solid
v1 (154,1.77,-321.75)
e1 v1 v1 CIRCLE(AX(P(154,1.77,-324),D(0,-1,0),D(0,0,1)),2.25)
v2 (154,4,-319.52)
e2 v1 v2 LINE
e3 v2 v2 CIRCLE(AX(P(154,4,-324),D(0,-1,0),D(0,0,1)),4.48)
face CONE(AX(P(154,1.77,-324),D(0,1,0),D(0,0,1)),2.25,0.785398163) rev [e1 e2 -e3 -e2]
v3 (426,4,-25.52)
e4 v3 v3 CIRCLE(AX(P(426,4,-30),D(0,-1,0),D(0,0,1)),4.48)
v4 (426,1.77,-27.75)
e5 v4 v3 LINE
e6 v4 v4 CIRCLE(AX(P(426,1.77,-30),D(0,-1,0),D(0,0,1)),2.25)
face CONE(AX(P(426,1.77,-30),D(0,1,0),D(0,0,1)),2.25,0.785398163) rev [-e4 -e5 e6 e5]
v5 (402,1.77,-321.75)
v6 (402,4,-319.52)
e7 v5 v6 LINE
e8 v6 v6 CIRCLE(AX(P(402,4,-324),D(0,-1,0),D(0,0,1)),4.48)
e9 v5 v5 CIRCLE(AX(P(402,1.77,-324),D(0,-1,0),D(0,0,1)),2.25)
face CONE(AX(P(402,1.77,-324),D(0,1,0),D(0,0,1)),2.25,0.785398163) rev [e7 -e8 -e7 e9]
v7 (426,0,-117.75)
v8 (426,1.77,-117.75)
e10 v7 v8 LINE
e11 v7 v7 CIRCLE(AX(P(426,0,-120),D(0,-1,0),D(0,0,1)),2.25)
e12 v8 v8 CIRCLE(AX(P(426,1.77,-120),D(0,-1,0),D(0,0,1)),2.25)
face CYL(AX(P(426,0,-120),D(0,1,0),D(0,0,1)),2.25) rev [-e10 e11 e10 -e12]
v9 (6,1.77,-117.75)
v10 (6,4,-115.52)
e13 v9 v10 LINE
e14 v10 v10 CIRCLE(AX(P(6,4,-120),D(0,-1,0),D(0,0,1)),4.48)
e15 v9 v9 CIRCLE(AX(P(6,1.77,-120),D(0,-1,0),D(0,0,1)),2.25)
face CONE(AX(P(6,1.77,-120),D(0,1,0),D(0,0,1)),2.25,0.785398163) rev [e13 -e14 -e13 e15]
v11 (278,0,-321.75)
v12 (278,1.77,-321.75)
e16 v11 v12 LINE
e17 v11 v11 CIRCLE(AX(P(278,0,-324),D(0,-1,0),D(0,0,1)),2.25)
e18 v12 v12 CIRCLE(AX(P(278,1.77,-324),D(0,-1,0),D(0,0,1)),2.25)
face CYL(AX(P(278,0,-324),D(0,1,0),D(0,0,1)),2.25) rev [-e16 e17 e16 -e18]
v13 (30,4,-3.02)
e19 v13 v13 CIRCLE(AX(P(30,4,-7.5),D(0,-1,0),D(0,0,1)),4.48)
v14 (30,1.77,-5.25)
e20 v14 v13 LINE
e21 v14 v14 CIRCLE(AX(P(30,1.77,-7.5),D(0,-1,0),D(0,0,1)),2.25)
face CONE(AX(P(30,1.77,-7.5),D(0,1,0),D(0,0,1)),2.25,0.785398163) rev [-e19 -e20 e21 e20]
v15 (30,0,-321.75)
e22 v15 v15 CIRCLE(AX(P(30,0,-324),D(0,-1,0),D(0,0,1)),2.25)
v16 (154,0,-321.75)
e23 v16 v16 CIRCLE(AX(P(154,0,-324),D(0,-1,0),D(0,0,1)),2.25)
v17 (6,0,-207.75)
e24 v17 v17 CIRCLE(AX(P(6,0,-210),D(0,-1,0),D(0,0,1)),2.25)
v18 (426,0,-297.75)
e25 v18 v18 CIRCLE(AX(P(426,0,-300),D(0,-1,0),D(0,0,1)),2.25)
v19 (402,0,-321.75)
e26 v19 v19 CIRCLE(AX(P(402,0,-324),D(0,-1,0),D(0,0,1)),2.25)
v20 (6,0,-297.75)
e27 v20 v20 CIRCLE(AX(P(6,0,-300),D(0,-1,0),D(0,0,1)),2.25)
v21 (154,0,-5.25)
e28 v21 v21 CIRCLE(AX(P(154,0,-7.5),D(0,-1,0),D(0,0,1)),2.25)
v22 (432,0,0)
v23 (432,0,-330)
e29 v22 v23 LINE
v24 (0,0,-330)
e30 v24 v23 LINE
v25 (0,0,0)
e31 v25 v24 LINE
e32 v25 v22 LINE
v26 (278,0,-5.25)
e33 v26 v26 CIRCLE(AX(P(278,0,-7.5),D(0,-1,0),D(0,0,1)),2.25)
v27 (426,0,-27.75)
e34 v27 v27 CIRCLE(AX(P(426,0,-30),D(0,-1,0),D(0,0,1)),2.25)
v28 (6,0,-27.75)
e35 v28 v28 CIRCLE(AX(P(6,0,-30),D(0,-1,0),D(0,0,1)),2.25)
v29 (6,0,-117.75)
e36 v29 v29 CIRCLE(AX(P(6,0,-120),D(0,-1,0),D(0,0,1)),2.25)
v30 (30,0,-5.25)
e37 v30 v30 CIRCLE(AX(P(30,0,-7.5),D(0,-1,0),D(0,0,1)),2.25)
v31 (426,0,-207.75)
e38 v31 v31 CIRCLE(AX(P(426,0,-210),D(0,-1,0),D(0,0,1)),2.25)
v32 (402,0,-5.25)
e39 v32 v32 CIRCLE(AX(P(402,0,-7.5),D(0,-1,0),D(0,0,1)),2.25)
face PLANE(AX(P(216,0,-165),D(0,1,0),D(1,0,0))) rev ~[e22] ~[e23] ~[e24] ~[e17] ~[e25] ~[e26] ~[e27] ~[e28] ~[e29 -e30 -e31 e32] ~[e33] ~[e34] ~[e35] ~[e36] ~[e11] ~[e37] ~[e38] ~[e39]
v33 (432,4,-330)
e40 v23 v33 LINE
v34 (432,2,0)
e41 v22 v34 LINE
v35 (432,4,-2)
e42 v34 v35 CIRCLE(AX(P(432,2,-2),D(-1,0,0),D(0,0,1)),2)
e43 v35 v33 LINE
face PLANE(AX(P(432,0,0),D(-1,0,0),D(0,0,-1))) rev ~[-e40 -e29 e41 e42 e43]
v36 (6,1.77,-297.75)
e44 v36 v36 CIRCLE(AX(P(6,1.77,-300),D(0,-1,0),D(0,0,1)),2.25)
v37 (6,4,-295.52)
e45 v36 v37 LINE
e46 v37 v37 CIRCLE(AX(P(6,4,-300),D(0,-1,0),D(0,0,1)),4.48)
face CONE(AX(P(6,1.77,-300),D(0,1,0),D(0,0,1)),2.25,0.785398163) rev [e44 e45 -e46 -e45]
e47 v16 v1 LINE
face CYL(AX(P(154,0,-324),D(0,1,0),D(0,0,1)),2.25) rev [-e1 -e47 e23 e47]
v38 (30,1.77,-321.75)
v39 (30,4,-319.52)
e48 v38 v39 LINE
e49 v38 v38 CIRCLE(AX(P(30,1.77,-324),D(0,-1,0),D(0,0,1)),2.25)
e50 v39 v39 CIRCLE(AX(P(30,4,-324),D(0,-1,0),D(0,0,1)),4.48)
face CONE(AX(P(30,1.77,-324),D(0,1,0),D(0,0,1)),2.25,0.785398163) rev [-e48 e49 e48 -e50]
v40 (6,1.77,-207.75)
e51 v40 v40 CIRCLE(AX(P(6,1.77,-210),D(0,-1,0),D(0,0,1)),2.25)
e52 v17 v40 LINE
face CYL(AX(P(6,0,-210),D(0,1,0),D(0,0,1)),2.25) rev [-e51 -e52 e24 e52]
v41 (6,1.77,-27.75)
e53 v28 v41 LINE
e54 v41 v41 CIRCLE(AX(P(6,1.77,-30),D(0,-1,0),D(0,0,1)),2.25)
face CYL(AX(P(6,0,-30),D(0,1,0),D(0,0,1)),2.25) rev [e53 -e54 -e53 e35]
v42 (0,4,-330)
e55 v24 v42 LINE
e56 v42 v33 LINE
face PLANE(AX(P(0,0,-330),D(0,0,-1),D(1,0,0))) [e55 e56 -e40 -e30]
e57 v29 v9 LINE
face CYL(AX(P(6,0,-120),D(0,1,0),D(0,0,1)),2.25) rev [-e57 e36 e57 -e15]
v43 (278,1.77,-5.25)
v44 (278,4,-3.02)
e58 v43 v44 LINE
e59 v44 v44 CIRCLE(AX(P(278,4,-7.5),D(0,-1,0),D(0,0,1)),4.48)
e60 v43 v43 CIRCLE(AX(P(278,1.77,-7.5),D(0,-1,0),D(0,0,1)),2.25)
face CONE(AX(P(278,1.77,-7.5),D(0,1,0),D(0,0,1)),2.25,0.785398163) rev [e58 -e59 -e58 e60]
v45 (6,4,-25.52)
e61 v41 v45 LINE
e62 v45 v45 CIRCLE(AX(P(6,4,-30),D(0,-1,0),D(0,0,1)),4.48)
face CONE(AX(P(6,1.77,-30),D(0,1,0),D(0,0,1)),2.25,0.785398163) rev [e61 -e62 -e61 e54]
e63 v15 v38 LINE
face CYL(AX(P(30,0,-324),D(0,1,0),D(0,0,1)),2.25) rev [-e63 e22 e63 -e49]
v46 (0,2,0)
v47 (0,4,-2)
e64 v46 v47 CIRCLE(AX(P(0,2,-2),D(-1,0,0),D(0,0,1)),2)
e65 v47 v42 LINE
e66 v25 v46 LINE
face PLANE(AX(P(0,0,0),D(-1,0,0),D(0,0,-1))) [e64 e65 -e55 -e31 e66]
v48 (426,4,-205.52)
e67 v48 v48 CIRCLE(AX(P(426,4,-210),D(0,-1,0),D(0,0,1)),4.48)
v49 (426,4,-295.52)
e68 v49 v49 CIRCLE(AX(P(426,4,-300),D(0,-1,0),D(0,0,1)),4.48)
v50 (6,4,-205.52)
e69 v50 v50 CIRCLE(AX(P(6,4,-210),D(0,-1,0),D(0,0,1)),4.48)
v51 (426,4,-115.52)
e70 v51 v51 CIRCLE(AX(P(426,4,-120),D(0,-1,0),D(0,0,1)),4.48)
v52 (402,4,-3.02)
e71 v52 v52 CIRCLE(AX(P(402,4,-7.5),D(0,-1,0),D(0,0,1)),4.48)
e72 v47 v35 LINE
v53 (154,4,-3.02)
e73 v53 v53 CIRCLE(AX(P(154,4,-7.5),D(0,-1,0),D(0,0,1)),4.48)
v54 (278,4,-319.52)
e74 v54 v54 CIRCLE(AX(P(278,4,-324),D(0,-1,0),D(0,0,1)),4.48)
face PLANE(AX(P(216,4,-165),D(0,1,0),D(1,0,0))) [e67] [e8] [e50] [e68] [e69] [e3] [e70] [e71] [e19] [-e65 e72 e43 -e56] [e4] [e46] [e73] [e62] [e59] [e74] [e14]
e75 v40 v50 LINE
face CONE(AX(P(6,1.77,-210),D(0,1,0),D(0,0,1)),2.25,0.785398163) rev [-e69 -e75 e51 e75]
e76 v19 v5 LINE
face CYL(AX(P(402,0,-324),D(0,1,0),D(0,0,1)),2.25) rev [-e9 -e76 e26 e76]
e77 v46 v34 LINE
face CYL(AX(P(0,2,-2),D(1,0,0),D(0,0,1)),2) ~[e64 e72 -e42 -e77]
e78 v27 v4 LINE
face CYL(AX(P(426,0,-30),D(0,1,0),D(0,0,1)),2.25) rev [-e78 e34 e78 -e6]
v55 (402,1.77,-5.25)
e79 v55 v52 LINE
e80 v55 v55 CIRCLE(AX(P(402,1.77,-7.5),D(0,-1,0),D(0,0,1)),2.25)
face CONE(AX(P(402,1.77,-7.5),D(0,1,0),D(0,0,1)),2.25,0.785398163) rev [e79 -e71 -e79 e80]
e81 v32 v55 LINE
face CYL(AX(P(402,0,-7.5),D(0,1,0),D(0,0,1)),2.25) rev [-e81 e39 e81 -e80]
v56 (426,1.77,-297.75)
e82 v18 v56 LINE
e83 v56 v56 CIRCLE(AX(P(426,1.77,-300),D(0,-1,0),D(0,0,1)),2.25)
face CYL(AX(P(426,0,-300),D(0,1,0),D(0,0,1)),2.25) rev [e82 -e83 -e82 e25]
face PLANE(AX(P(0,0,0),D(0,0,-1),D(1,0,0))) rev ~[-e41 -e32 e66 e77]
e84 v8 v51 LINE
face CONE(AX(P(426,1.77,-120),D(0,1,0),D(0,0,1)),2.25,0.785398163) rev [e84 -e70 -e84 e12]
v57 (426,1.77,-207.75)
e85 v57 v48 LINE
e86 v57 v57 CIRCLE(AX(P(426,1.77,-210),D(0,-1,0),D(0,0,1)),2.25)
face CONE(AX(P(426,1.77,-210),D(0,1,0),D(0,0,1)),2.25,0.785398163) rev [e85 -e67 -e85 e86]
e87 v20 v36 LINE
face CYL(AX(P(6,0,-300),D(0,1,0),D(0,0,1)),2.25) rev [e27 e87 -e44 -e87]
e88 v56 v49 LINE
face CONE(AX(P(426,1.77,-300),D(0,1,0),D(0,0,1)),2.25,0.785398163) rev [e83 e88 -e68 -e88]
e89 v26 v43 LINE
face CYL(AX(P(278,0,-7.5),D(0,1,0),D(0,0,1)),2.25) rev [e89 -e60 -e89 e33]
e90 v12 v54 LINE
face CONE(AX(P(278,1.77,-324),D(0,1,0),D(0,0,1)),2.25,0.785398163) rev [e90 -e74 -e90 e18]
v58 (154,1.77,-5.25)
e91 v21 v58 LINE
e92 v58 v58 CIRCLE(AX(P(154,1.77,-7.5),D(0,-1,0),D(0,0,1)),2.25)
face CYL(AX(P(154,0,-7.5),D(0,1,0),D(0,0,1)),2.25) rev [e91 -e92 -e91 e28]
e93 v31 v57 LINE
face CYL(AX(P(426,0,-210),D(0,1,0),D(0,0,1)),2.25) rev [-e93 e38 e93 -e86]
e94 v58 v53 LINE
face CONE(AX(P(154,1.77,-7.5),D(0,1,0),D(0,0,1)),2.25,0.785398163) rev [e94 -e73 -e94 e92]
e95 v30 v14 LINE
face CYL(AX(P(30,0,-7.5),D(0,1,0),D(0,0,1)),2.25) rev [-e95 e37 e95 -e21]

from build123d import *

# Parameters (mm, degrees)
SKETCH_1_W                   = 432
SKETCH_1_H                   = 330
EXTRUDE_1_DEPTH              = 4
HOLE_WIZARD_M4_1_AT_2_COUNT  = 2
HOLE_WIZARD_M4_1_AT_2_PITCH  = 90
HOLE_WIZARD_M4_1_AT_3_COUNT  = 2
HOLE_WIZARD_M4_1_AT_3_PITCH  = 180
HOLE_WIZARD_M4_1_AT_4_COUNT  = 2
HOLE_WIZARD_M4_1_AT_4_PITCH  = 270
HOLE_WIZARD_M4_1_AT_5_COUNT  = 2
HOLE_WIZARD_M4_1_AT_5_PITCH  = 293.48296373
HOLE_WIZARD_M4_1_AT_6_COUNT  = 2
HOLE_WIZARD_M4_1_AT_6_PITCH  = 327.811302429
HOLE_WIZARD_M4_1_AT_7_COUNT  = 2
HOLE_WIZARD_M4_1_AT_7_PITCH  = 399.424899074
HOLE_WIZARD_M4_1_AT_8_COUNT  = 2
HOLE_WIZARD_M4_1_AT_8_PITCH  = 492.31316253
HOLE_WIZARD_M4_1_AT_9_COUNT  = 2
HOLE_WIZARD_M4_1_AT_9_PITCH  = 499.299509313
HOLE_WIZARD_M4_1_AT_10_COUNT = 2
HOLE_WIZARD_M4_1_AT_10_PITCH = 456.946386352
HOLE_WIZARD_M4_1_AT_11_COUNT = 2
HOLE_WIZARD_M4_1_AT_11_PITCH = 429.534631898
HOLE_WIZARD_M4_1_AT_12_COUNT = 2
HOLE_WIZARD_M4_1_AT_12_PITCH = 420
HOLE_WIZARD_M4_1_AT_13_COUNT = 2
HOLE_WIZARD_M4_1_AT_13_PITCH = 396.726606116
HOLE_WIZARD_M4_1_AT_14_COUNT = 2
HOLE_WIZARD_M4_1_AT_14_PITCH = 273.056770654
HOLE_WIZARD_M4_1_AT_15_COUNT = 2
HOLE_WIZARD_M4_1_AT_15_PITCH = 149.933318512
HOLE_WIZARD_M4_1_AT_16_COUNT = 2
HOLE_WIZARD_M4_1_AT_16_PITCH = 33.941125497
FILLET_1_R                   = 2


with BuildPart() as part:
    # 草圖1 → 填料-伸長1 (new body)
    with BuildSketch(Plane(origin=(0, 0, 0), x_dir=(1, 0, 0), z_dir=(0, 1, 0))):
        with Locations((216, 165)):
            Rectangle(SKETCH_1_W, SKETCH_1_H)
    extrude(amount=EXTRUDE_1_DEPTH)

    # 草圖2 → M4 六角凹錐坑螺釘的錐孔1 (revolve, cut)
    with BuildSketch(Plane(origin=(6, 4, -300), x_dir=(0, 0, 1), z_dir=(1, 0, 0))):
        Polygon((0, 0), (0, 4), (2.25, 4), (2.25, 2.23), (4.48, 0), align=None)
    hole_wizard_m4_1 = revolve(axis=Axis((6, 10.35, -300), (0, -1, 0)), mode=Mode.SUBTRACT)

    # M4 六角凹錐坑螺釘的錐孔1 at 2: M4 六角凹錐坑螺釘的錐孔1 ×2
    with Locations(*[(0, 0, i * HOLE_WIZARD_M4_1_AT_2_PITCH) for i in range(1, HOLE_WIZARD_M4_1_AT_2_COUNT)]):
        add(hole_wizard_m4_1, mode=Mode.SUBTRACT)

    # M4 六角凹錐坑螺釘的錐孔1 at 3: M4 六角凹錐坑螺釘的錐孔1 ×2
    with Locations(*[(0, 0, i * HOLE_WIZARD_M4_1_AT_3_PITCH) for i in range(1, HOLE_WIZARD_M4_1_AT_3_COUNT)]):
        add(hole_wizard_m4_1, mode=Mode.SUBTRACT)

    # M4 六角凹錐坑螺釘的錐孔1 at 4: M4 六角凹錐坑螺釘的錐孔1 ×2
    with Locations(*[(0, 0, i * HOLE_WIZARD_M4_1_AT_4_PITCH) for i in range(1, HOLE_WIZARD_M4_1_AT_4_COUNT)]):
        add(hole_wizard_m4_1, mode=Mode.SUBTRACT)

    # M4 六角凹錐坑螺釘的錐孔1 at 5: M4 六角凹錐坑螺釘的錐孔1 ×2
    with Locations(*[Vector(0.081776467, 0, 0.996650696) * (i * HOLE_WIZARD_M4_1_AT_5_PITCH) for i in range(1, HOLE_WIZARD_M4_1_AT_5_COUNT)]):
        add(hole_wizard_m4_1, mode=Mode.SUBTRACT)

    # M4 六角凹錐坑螺釘的錐孔1 at 6: M4 六角凹錐坑螺釘的錐孔1 ×2
    with Locations(*[Vector(0.451479247, 0, 0.89228162) * (i * HOLE_WIZARD_M4_1_AT_6_PITCH) for i in range(1, HOLE_WIZARD_M4_1_AT_6_COUNT)]):
        add(hole_wizard_m4_1, mode=Mode.SUBTRACT)

    # M4 六角凹錐坑螺釘的錐孔1 at 7: M4 六角凹錐坑螺釘的錐孔1 ×2
    with Locations(*[Vector(0.680979079, 0, 0.73230287) * (i * HOLE_WIZARD_M4_1_AT_7_PITCH) for i in range(1, HOLE_WIZARD_M4_1_AT_7_COUNT)]):
        add(hole_wizard_m4_1, mode=Mode.SUBTRACT)

    # M4 六角凹錐坑螺釘的錐孔1 at 8: M4 六角凹錐坑螺釘的錐孔1 ×2
    with Locations(*[Vector(0.804366062, 0, 0.594134023) * (i * HOLE_WIZARD_M4_1_AT_8_PITCH) for i in range(1, HOLE_WIZARD_M4_1_AT_8_COUNT)]):
        add(hole_wizard_m4_1, mode=Mode.SUBTRACT)

    # M4 六角凹錐坑螺釘的錐孔1 at 9: M4 六角凹錐坑螺釘的錐孔1 ×2
    with Locations(*[Vector(0.841178475, 0, 0.540757591) * (i * HOLE_WIZARD_M4_1_AT_9_PITCH) for i in range(1, HOLE_WIZARD_M4_1_AT_9_COUNT)]):
        add(hole_wizard_m4_1, mode=Mode.SUBTRACT)

    # M4 六角凹錐坑螺釘的錐孔1 at 10: M4 六角凹錐坑螺釘的錐孔1 ×2
    with Locations(*[Vector(0.91914503, 0, 0.393919299) * (i * HOLE_WIZARD_M4_1_AT_10_PITCH) for i in range(1, HOLE_WIZARD_M4_1_AT_10_COUNT)]):
        add(hole_wizard_m4_1, mode=Mode.SUBTRACT)

    # M4 六角凹錐坑螺釘的錐孔1 at 11: M4 六角凹錐坑螺釘的錐孔1 ×2
    with Locations(*[Vector(0.977802414, 0, 0.209529089) * (i * HOLE_WIZARD_M4_1_AT_11_PITCH) for i in range(1, HOLE_WIZARD_M4_1_AT_11_COUNT)]):
        add(hole_wizard_m4_1, mode=Mode.SUBTRACT)

    # M4 六角凹錐坑螺釘的錐孔1 at 12: M4 六角凹錐坑螺釘的錐孔1 ×2
    with Locations(*[(i * HOLE_WIZARD_M4_1_AT_12_PITCH, 0, 0) for i in range(1, HOLE_WIZARD_M4_1_AT_12_COUNT)]):
        add(hole_wizard_m4_1, mode=Mode.SUBTRACT)

    # M4 六角凹錐坑螺釘的錐孔1 at 13: M4 六角凹錐坑螺釘的錐孔1 ×2
    with Locations(*[Vector(0.998168497, 0, -0.06049506) * (i * HOLE_WIZARD_M4_1_AT_13_PITCH) for i in range(1, HOLE_WIZARD_M4_1_AT_13_COUNT)]):
        add(hole_wizard_m4_1, mode=Mode.SUBTRACT)

    # M4 六角凹錐坑螺釘的錐孔1 at 14: M4 六角凹錐坑螺釘的錐孔1 ×2
    with Locations(*[Vector(0.99612985, 0, -0.08789381) * (i * HOLE_WIZARD_M4_1_AT_14_PITCH) for i in range(1, HOLE_WIZARD_M4_1_AT_14_COUNT)]):
        add(hole_wizard_m4_1, mode=Mode.SUBTRACT)

    # M4 六角凹錐坑螺釘的錐孔1 at 15: M4 六角凹錐坑螺釘的錐孔1 ×2
    with Locations(*[Vector(0.987105478, 0, -0.160071159) * (i * HOLE_WIZARD_M4_1_AT_15_PITCH) for i in range(1, HOLE_WIZARD_M4_1_AT_15_COUNT)]):
        add(hole_wizard_m4_1, mode=Mode.SUBTRACT)

    # M4 六角凹錐坑螺釘的錐孔1 at 16: M4 六角凹錐坑螺釘的錐孔1 ×2
    with Locations(*[Vector(0.707106781, 0, -0.707106781) * (i * HOLE_WIZARD_M4_1_AT_16_PITCH) for i in range(1, HOLE_WIZARD_M4_1_AT_16_COUNT)]):
        add(hole_wizard_m4_1, mode=Mode.SUBTRACT)

    # 圓角1
    fillet_1_edges = [part.edges().sort_by_distance(p)[0] for p in [
        (216, 4, 0),
    ]]
    fillet(fillet_1_edges, radius=FILLET_1_R)


solid = part.part
